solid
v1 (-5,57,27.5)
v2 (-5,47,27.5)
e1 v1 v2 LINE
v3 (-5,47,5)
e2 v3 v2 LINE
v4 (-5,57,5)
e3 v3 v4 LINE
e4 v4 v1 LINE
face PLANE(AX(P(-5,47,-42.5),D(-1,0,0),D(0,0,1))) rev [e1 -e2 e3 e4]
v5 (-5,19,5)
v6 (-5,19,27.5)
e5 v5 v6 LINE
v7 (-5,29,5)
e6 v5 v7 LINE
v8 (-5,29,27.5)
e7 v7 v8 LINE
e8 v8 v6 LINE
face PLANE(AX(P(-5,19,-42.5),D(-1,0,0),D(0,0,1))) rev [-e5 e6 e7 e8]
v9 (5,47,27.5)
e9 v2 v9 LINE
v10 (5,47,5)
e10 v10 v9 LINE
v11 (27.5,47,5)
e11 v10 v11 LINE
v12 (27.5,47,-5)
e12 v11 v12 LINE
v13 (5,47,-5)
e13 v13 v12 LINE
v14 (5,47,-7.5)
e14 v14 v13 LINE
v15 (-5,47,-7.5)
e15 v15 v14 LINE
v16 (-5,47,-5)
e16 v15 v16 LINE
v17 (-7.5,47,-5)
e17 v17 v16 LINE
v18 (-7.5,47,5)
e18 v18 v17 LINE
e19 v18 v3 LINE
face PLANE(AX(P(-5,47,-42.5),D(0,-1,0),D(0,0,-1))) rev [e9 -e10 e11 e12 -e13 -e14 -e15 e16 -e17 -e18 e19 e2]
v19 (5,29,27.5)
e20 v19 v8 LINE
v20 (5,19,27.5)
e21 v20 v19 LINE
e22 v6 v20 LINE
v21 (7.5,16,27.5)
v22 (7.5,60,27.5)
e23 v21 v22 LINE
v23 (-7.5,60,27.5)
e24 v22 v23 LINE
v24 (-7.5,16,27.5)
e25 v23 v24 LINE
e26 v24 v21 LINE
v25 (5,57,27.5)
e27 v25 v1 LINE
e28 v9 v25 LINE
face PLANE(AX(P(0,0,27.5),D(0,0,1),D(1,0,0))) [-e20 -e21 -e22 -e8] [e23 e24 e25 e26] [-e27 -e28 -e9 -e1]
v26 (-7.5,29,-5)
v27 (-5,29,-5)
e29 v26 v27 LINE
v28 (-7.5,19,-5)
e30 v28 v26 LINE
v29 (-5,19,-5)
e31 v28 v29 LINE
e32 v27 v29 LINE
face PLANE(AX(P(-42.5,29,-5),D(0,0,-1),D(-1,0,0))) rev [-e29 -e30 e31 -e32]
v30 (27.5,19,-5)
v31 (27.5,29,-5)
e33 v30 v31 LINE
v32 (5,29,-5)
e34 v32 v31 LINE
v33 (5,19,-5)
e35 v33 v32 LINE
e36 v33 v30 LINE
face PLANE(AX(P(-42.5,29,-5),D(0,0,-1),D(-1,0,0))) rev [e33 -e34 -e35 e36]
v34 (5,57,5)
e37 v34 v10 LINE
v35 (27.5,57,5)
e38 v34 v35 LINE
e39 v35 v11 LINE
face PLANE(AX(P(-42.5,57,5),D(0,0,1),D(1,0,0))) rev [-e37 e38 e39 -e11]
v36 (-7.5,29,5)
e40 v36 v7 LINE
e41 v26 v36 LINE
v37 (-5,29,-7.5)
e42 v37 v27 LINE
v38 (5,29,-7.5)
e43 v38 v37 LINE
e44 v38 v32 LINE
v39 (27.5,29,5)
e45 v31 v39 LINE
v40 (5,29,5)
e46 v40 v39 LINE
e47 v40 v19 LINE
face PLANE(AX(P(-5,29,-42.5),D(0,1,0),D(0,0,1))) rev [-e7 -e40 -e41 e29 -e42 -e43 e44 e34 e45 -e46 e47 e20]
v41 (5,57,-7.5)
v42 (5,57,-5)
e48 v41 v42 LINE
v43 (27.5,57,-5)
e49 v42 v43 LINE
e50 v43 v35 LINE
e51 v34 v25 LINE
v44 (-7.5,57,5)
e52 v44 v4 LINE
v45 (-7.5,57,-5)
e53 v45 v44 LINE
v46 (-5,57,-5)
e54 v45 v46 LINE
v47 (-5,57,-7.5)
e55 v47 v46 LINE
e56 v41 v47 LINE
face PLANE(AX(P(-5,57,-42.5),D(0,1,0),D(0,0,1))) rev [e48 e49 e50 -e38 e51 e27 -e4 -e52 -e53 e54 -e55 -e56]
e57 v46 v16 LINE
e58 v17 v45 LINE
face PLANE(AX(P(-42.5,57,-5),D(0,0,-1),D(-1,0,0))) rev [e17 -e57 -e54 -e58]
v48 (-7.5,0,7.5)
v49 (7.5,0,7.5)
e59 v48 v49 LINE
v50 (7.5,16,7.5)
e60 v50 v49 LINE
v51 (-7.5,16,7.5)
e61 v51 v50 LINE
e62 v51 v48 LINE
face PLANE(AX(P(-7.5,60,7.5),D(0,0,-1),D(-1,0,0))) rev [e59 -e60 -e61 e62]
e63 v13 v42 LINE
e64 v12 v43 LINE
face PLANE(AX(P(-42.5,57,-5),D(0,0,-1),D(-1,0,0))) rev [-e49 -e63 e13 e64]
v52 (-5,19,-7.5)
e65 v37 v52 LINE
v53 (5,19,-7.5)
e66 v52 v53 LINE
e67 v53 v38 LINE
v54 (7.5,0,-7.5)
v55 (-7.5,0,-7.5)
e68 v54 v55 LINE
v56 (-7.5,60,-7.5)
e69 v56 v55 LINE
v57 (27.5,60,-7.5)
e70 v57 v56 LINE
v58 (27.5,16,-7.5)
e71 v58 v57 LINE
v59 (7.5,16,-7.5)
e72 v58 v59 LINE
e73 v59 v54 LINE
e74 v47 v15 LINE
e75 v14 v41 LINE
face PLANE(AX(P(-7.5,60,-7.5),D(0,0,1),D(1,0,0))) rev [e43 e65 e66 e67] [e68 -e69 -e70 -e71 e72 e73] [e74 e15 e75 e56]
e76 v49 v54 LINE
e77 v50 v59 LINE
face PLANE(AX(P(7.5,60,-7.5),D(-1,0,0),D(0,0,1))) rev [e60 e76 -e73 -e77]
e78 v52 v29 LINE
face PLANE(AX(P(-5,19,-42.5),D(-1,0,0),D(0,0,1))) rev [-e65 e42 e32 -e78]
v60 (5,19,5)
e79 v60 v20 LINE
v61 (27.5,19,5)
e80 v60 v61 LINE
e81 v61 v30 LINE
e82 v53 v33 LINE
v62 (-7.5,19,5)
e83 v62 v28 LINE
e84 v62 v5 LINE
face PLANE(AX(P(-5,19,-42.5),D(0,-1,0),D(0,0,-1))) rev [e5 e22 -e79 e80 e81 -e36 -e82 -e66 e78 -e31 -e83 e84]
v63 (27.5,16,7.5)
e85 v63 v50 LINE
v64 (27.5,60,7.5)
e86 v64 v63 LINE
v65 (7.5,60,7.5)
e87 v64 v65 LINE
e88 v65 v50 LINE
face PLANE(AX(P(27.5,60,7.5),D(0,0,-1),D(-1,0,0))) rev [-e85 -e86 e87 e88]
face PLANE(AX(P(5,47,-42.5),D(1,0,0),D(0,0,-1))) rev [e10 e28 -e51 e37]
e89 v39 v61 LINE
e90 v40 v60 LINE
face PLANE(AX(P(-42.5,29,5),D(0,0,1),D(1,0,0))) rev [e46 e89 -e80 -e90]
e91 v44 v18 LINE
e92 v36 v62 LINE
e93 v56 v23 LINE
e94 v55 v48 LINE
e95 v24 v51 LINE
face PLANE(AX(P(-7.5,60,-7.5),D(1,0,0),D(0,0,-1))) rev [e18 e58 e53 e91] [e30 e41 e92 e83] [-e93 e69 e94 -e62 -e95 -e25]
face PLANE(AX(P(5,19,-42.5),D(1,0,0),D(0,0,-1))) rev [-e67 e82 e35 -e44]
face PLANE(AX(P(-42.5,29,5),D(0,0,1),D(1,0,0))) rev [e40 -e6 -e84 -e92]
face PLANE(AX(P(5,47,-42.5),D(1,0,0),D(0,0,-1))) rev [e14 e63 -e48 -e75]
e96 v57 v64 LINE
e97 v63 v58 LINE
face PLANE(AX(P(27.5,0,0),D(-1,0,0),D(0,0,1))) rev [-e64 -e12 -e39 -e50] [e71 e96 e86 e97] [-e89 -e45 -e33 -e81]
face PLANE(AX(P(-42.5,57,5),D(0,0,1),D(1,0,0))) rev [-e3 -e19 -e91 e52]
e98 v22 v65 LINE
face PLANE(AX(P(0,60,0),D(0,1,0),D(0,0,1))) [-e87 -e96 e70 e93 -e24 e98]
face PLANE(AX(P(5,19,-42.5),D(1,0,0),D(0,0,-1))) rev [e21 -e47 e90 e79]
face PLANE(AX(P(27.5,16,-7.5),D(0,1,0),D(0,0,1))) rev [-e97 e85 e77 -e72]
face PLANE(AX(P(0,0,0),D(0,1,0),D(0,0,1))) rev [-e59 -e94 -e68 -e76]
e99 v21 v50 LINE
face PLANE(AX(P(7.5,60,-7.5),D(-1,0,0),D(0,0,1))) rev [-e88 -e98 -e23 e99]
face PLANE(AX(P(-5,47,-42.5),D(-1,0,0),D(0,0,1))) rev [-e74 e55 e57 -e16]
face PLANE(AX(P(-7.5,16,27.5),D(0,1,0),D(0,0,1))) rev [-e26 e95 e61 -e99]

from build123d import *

# Parameters (mm, degrees)
SKETCH_1_W          = 15
SKETCH_1_H          = 15
EXTRUDE_1_DEPTH     = 60
SKETCH_4_W          = 15
SKETCH_4_H          = 44
EXTRUDE_4_DEPTH     = 20
SKETCH_5_W          = 15
SKETCH_5_H          = 44
EXTRUDE_5_DEPTH     = 20
SKETCH_6_W          = 10
SKETCH_6_H          = 10
CUT_EXTRUDE_1_DEPTH = 70
SKETCH_7_W          = 10
SKETCH_7_H          = 10
CUT_EXTRUDE_2_DEPTH = 70


with BuildPart() as part:
    # 草图1 → 凸台-拉伸1 (new body)
    with BuildSketch(Plane(origin=(0, 0, 0), x_dir=(1, 0, 0), z_dir=(0, 1, 0))):
        Rectangle(SKETCH_1_W, SKETCH_1_H)
    extrude(amount=EXTRUDE_1_DEPTH)

    # 草图4 → 凸台-拉伸4 (add)
    with BuildSketch(Plane.XY.offset(7.5)):
        with Locations((0, 38)):
            Rectangle(SKETCH_4_W, SKETCH_4_H)
    extrude(amount=EXTRUDE_4_DEPTH)

    # 草图5 → 凸台-拉伸5 (add)
    with BuildSketch(Plane(origin=(7.5, 0, 0), x_dir=(0, 0, -1), z_dir=(1, 0, 0))):
        with Locations((0, 38)):
            Rectangle(SKETCH_5_W, SKETCH_5_H)
    extrude(amount=EXTRUDE_5_DEPTH)

    # 草图6 → 切除-拉伸1 (cut)
    with BuildSketch(Plane.XY.offset(27.5)):
        with Locations((0, 52)):
            Rectangle(SKETCH_6_W, SKETCH_6_H)
        with Locations((0, 24)):
            Rectangle(SKETCH_6_W, SKETCH_6_H)
    extrude(amount=-CUT_EXTRUDE_1_DEPTH, mode=Mode.SUBTRACT)

    # 草图7 → 切除-拉伸2 (cut)
    with BuildSketch(Plane(origin=(27.5, 0, 0), x_dir=(0, 0, -1), z_dir=(1, 0, 0))):
        with Locations((0, 52)):
            Rectangle(SKETCH_7_W, SKETCH_7_H)
        with Locations((0, 24)):
            Rectangle(SKETCH_7_W, SKETCH_7_H)
    extrude(amount=-CUT_EXTRUDE_2_DEPTH, mode=Mode.SUBTRACT)


solid = part.part
